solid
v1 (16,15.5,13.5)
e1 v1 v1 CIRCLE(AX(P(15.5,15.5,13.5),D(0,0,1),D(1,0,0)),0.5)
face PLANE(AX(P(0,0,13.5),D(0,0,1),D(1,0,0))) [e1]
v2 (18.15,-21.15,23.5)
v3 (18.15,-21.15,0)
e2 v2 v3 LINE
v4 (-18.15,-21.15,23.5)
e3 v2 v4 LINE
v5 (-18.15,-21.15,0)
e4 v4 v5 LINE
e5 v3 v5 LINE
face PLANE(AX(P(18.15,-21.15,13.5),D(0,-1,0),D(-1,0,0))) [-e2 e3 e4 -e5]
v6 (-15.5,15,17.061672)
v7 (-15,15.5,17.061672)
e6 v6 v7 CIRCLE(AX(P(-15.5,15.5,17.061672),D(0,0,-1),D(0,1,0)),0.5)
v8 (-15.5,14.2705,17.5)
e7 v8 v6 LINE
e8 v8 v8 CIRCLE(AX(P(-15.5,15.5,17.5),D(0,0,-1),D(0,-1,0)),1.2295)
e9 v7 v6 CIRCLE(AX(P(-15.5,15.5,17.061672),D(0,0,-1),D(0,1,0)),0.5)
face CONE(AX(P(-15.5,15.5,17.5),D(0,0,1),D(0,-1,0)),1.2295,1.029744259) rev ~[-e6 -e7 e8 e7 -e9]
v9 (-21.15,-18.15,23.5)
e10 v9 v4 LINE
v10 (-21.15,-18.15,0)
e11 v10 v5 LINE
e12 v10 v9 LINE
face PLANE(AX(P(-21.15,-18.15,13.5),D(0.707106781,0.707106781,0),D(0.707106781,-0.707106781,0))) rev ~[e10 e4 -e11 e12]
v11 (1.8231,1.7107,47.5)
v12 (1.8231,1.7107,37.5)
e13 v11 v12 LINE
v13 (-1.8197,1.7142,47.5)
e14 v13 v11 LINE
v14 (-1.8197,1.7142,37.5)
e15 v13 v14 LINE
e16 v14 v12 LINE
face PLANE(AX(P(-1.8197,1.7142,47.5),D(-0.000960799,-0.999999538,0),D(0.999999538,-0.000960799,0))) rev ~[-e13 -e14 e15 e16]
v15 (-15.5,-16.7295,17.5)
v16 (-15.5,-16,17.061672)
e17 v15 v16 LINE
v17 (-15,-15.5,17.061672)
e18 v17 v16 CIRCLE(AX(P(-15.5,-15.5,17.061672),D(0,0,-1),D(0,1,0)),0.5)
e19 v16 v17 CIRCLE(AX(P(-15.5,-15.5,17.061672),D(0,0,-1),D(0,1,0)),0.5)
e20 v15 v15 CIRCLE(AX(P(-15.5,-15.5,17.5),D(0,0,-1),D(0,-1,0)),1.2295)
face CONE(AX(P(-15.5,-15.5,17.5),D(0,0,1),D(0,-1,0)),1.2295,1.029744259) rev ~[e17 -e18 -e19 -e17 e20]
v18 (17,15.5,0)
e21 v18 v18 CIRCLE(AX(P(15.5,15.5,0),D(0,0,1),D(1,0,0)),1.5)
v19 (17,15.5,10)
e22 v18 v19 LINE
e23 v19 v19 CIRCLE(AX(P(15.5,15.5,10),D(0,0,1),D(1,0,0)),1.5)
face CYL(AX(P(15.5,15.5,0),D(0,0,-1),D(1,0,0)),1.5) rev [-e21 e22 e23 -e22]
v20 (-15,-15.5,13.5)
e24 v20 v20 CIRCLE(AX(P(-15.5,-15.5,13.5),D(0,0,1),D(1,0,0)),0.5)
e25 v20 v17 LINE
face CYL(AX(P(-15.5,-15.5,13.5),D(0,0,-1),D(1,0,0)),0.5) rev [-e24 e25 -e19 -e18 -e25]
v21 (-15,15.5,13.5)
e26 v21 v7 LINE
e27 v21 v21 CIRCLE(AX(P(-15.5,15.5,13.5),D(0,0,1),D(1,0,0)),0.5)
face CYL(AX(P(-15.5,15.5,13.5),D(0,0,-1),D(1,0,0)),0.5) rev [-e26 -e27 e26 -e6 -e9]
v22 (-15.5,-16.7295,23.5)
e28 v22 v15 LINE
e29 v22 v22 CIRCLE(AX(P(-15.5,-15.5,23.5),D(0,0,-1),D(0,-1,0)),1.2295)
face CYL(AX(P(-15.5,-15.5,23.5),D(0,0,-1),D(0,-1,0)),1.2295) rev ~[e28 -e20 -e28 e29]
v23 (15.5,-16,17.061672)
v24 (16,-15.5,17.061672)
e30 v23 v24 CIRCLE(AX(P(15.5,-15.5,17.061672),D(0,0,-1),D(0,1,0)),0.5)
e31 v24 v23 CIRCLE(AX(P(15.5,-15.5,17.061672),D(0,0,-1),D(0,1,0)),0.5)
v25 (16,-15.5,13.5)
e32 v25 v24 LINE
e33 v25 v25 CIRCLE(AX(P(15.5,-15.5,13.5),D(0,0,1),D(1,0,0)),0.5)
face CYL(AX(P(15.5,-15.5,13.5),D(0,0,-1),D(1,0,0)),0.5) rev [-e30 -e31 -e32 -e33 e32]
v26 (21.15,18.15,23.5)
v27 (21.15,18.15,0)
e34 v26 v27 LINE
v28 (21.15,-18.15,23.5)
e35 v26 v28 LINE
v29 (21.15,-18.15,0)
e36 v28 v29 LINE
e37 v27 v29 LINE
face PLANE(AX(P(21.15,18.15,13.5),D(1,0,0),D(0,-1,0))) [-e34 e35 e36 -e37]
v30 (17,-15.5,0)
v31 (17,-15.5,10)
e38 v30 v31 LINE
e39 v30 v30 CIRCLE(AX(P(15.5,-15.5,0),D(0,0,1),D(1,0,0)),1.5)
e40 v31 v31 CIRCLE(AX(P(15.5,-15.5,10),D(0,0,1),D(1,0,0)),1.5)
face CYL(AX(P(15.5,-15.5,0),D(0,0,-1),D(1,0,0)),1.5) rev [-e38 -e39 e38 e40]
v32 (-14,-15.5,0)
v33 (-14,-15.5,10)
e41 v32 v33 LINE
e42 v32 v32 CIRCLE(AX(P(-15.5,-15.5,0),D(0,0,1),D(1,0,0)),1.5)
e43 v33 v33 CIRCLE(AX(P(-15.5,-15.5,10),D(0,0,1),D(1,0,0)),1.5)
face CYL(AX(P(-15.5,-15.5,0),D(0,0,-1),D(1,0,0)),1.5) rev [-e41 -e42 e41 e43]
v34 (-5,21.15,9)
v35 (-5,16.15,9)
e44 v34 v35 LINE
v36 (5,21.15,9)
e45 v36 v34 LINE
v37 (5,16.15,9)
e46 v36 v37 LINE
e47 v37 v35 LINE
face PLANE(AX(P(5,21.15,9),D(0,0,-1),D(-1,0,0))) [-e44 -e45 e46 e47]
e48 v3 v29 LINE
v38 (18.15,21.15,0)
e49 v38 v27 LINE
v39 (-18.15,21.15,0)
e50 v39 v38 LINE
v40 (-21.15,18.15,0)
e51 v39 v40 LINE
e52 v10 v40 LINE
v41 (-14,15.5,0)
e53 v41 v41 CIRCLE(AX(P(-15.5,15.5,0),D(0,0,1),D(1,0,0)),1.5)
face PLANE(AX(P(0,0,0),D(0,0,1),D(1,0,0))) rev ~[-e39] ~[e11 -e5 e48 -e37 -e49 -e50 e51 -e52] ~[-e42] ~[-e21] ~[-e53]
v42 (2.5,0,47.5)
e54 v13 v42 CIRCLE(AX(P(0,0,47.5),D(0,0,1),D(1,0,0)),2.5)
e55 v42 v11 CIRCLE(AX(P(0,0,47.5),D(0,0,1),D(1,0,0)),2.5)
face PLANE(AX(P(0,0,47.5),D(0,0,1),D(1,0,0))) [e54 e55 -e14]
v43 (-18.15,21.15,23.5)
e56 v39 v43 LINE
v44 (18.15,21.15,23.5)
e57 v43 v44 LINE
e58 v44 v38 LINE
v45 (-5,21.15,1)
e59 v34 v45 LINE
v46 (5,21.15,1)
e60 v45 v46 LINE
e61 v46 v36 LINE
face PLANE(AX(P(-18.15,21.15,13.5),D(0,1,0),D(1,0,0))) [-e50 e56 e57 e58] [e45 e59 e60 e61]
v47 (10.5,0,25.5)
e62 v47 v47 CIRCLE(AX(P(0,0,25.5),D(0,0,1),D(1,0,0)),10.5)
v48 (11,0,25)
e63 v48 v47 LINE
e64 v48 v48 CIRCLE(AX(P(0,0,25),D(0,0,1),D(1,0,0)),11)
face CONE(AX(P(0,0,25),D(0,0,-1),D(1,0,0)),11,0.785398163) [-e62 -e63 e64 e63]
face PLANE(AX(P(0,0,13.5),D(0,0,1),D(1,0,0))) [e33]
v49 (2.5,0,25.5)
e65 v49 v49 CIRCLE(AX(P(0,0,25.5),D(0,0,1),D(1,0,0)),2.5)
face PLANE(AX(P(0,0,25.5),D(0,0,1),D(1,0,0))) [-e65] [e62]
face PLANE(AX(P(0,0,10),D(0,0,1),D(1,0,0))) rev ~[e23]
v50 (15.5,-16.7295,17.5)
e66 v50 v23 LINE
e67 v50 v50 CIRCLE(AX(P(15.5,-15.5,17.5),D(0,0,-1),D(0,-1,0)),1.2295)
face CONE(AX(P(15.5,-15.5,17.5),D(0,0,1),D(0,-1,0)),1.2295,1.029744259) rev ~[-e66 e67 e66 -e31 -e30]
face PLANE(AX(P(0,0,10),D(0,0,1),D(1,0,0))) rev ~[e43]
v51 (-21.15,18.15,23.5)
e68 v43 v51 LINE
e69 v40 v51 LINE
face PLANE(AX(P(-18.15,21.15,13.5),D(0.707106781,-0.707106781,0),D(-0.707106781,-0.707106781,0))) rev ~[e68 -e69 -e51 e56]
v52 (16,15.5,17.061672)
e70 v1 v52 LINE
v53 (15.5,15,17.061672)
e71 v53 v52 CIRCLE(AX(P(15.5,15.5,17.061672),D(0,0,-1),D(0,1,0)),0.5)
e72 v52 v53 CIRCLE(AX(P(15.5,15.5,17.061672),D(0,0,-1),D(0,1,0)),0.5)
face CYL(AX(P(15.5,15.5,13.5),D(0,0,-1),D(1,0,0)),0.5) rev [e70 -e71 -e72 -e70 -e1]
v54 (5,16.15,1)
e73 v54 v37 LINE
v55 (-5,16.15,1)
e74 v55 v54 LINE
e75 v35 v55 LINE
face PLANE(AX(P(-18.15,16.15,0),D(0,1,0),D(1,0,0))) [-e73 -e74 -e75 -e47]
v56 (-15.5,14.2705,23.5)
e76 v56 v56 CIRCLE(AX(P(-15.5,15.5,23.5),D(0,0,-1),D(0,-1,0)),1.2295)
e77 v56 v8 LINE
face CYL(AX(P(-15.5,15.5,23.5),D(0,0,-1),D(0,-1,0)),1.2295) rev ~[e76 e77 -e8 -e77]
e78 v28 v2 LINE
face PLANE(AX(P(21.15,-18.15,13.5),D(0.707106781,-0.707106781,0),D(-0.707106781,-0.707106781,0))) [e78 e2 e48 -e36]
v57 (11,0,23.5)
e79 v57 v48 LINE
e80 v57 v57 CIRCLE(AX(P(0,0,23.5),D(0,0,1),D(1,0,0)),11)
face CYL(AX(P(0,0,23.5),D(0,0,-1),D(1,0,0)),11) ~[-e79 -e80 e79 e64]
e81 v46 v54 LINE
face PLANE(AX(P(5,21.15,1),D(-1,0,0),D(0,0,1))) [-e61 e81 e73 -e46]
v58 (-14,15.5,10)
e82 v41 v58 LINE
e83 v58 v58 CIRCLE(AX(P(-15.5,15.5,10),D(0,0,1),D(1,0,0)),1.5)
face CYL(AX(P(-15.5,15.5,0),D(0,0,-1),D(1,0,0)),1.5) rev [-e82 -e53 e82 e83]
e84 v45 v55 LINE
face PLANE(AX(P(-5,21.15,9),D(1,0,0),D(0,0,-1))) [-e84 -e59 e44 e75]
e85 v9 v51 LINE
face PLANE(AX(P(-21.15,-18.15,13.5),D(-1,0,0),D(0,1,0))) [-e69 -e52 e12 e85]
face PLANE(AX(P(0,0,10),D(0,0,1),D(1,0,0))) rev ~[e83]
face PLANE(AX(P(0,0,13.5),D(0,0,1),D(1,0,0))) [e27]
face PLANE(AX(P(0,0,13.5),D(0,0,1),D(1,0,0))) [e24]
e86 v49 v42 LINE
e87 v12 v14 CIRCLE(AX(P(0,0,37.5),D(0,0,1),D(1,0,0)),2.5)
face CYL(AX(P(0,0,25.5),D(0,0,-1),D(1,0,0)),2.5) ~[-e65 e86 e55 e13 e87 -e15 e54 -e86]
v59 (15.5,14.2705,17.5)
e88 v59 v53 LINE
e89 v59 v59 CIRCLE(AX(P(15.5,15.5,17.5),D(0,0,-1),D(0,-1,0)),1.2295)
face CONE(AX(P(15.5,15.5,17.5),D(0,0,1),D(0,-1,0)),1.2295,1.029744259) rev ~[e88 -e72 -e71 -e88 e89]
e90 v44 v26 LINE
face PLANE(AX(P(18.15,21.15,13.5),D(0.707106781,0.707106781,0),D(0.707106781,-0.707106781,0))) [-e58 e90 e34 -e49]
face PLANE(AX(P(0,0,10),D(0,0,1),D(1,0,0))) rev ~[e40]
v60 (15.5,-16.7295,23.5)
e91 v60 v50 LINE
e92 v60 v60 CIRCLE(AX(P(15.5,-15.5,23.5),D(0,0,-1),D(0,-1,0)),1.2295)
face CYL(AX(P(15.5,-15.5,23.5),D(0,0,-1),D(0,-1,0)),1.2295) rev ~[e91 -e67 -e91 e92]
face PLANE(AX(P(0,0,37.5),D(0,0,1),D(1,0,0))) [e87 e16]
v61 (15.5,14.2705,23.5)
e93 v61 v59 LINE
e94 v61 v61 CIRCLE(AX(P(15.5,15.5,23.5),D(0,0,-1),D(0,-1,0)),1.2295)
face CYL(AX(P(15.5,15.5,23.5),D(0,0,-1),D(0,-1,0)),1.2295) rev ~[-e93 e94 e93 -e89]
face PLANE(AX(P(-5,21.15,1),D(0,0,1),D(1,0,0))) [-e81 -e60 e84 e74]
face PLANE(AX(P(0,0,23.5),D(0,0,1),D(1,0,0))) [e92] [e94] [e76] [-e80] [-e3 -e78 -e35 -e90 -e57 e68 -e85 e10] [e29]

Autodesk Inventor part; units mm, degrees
ref_plane "YZ Plane" through (0, 0, 0) normal (1, 0, 0) x (0, 1, 0)
ref_plane "XZ Plane" through (0, 0, 0) normal (0, 1, 0) x (-1, 0, 0)
ref_plane "XY Plane" through (0, 0, 0) normal (0, 0, 1) x (1, 0, 0)
sketch "Sketch1" plane through (0, 0, 0) normal (0, 0, 1) x (1, 0, 0)
  line L0 (-18.15, 21.15) -> (18.15, 21.15)
  line L1 (21.15, 18.15) -> (21.15, -18.15)
  line L2 (18.15, -21.15) -> (-18.15, -21.15)
  line L3 (-21.15, -18.15) -> (-21.15, 18.15)
  line L4 (-21.15, 21.15) -> (21.15, -21.15) construction
  line L5 (21.15, 21.15) -> (-21.15, -21.15) construction
  line L6 (18.15, 21.15) -> (21.15, 18.15)
  line L7 (-18.15, 21.15) -> (-21.15, 18.15)
  line L8 (-21.15, -18.15) -> (-18.15, -21.15)
  line L9 (18.15, -21.15) -> (21.15, -18.15)
  line L10 (-15.5, 15.5) -> (15.5, 15.5) construction
  line L11 (15.5, 15.5) -> (15.5, -15.5) construction
  line L12 (15.5, -15.5) -> (-15.5, -15.5) construction
  line L13 (-15.5, -15.5) -> (-15.5, 15.5) construction
  line L14 (-15.5, 15.5) -> (15.5, -15.5) construction
  line L15 (15.5, 15.5) -> (-15.5, -15.5) construction
  circle A0 centre (-15.5, 15.5) radius 1.5
  circle A1 centre (15.5, 15.5) radius 1.5
  circle A2 centre (15.5, -15.5) radius 1.5
  circle A3 centre (-15.5, -15.5) radius 1.5
  point P0 (0, 0)
  dimension "d0" = 42.3
  dimension "d1" = 42.3
  dimension "d2" = 3
  dimension "d3" = 3
  dimension "d4" = 3
  dimension "d5" = 3
  dimension "d6" = 3
  dimension "d7" = 3
  dimension "d8" = 3
  dimension "d9" = 3
  dimension "d10" = 31
  dimension "d11" = 31
  dimension "d12" = 3
  dimension "d13" = 3
  dimension "d14" = 3
  dimension "d15" = 3
extrude "Extrusion1" add sketch "Sketch1" along normal blind 10
sketch "Sketch2" plane through (0, 0, 10) normal (0, 0, 1) x (1, 0, 0)
  line L0 (-18.15, 21.15) -> (18.15, 21.15)
  line L1 (21.15, 18.15) -> (21.15, -18.15)
  line L2 (18.15, -21.15) -> (-18.15, -21.15)
  line L3 (-21.15, -18.15) -> (-21.15, 18.15)
  line L4 (-21.15, 21.15) -> (21.15, -21.15) construction
  line L5 (21.15, 21.15) -> (-21.15, -21.15) construction
  line L6 (-18.15, 21.15) -> (-21.15, 18.15)
  line L7 (-21.15, -18.15) -> (-18.15, -21.15)
  line L8 (21.15, -18.15) -> (18.15, -21.15)
  line L9 (18.15, 21.15) -> (21.15, 18.15)
  point P0 (0, 0)
  dimension "d18" = 42.3
  dimension "d19" = 42.3
  dimension "d20" = 3
  dimension "d21" = 3
  dimension "d22" = 3
  dimension "d23" = 3
  dimension "d24" = 3
  dimension "d25" = 3
  dimension "d26" = 3
  dimension "d27" = 3
extrude "Extrusion2" add sketch "Sketch2" along normal blind 3.5
sketch "Sketch3" plane through (0, 0, 13.5) normal (0, 0, 1) x (1, 0, 0)
  line L0 (-18.15, 21.15) -> (18.15, 21.15)
  line L1 (21.15, 18.15) -> (21.15, -18.15)
  line L2 (18.15, -21.15) -> (-18.15, -21.15)
  line L3 (-21.15, -18.15) -> (-21.15, 18.15)
  line L4 (-21.15, 21.15) -> (21.15, -21.15) construction
  line L5 (21.15, 21.15) -> (-21.15, -21.15) construction
  line L6 (-18.15, 21.15) -> (-21.15, 18.15)
  line L7 (-21.15, -18.15) -> (-18.15, -21.15)
  line L8 (21.15, -18.15) -> (18.15, -21.15)
  line L9 (18.15, 21.15) -> (21.15, 18.15)
  line L10 (-15.5, 15.5) -> (15.5, 15.5) construction
  line L11 (15.5, 15.5) -> (15.5, -15.5) construction
  line L12 (15.5, -15.5) -> (-15.5, -15.5) construction
  line L13 (-15.5, -15.5) -> (-15.5, 15.5) construction
  line L14 (-15.5, 15.5) -> (15.5, -15.5) construction
  line L15 (15.5, 15.5) -> (-15.5, -15.5) construction
  circle A0 centre (-15.5, 15.5) radius 0.5
  circle A1 centre (-15.5, -15.5) radius 0.5
  circle A2 centre (15.5, -15.5) radius 0.5
  circle A3 centre (15.5, 15.5) radius 0.5
  point P0 (0, 0)
  dimension "d30" = 42.3
  dimension "d31" = 42.3
  dimension "d32" = 3
  dimension "d33" = 3
  dimension "d34" = 3
  dimension "d35" = 3
  dimension "d36" = 3
  dimension "d37" = 3
  dimension "d38" = 3
  dimension "d39" = 3
  dimension "d40" = 31
  dimension "d41" = 31
  dimension "d42" = 1
  dimension "d43" = 1
  dimension "d44" = 1
  dimension "d45" = 1
extrude "Extrusion3" add sketch "Sketch3" along normal blind 10
sketch "Sketch4" plane through (0, 0, 23.5) normal (0, 0, 1) x (1, 0, 0)
  circle A0 centre (0, 0) radius 11
  dimension "d48" = 22
extrude "Extrusion4" add sketch "Sketch4" along normal blind 2
chamfer "Chamfer1" distance 0.5 angle 45 1 edges at (-11, 0, 25.5)
sketch "Sketch5" plane through (0, 0, 25.5) normal (0, 0, 1) x (1, 0, 0)
  circle A0 centre (0, 0) radius 10.5 projected
  circle A1 centre (0, 0) radius 2.5
  dimension "d54" = 5
extrude "Extrusion5" add sketch "Sketch5" along normal blind 22 contours A1
sketch "Sketch6" plane through (-18.15, 21.15, 0) normal (0, 1, 0) x (1, 0, 0)
  line L0 (0, 0) -> (36.3, 0) projected
  line L1 (13.15, -1) -> (23.15, -1)
  line L2 (23.15, -1) -> (23.15, -9)
  line L3 (23.15, -9) -> (13.15, -9)
  line L4 (13.15, -9) -> (13.15, -1)
  line L5 (13.15, -1) -> (23.15, -9) construction
  line L6 (23.15, -1) -> (13.15, -9) construction
  point P0 (18.15, 0)
  point P1 (18.15, -5)
  dimension "d57" = 10
  dimension "d58" = 8
  dimension "d59" = 0
  dimension "d60" = 5
extrude "Extrusion6" cut sketch "Sketch6" against normal blind 5
sketch "Sketch7" plane through (0, 0, 47.5) normal (0, 0, 1) x (1, 0, 0)
  circle A0 centre (0, 0) radius 2.5 projected
  arc A1 (1.8231, 1.7107) -> (-1.8197, 1.7142) centre (0, 0) ccw
  line L0 (-1.8197, 1.7142) -> (1.8231, 1.7107)
  dimension "d63" = 3.6428
extrude "Extrusion7" cut sketch "Sketch7" against normal blind 10 contours L0 A0 picked at (0.4606, 1.8369)
sketch "Esboço10" plane through (0, 0, 23.5) normal (0, 0, 1) x (1, 0, 0)
  circle A0 centre (15.5, 15.5) radius 0.5 projected
  circle A1 centre (15.5, -15.5) radius 0.5 projected
  circle A2 centre (-15.5, -15.5) radius 0.5 projected
  circle A3 centre (-15.5, 15.5) radius 0.5 projected
hole "Furo1" at (-15.5, 15.5, 23.5) at (15.5, 15.5, 23.5) at (15.5, -15.5, 23.5) at (-15.5, -15.5, 23.5) direction (0, 0, -1) diameter 2.459 depth 6 tip angle 118 thread size "M3x0.5" class "6H" standard "ANSI Metric M Profile"
sketch "Sketch9" plane through (0, 0, 0) normal (0, 0, -1) x (-1, 0, 0)
  circle A0 centre (0, 0) radius 2.5
  dimension "d68" = 5
equation "\"d3\" = d2"
equation "\"d4\" = d2"
equation "\"d5\" = d4"
equation "\"d6\" = d2"
equation "\"d7\" = d6"
equation "\"d8\" = d2"
equation "\"d9\" = d8"
equation "\"d21\" = d20"
equation "\"d23\" = d22"
equation "\"d24\" = d22"
equation "\"d25\" = d24"
equation "\"d26\" = d22"
equation "\"d27\" = d26"
equation "\"d33\" = d32"
equation "\"d34\" = d32"
equation "\"d35\" = d34"
equation "\"d36\" = d32"
equation "\"d37\" = d36"
equation "\"d38\" = d32"
equation "\"d39\" = d38"
properties part number "KTC-5017-010" material "Steel, Carbon"
